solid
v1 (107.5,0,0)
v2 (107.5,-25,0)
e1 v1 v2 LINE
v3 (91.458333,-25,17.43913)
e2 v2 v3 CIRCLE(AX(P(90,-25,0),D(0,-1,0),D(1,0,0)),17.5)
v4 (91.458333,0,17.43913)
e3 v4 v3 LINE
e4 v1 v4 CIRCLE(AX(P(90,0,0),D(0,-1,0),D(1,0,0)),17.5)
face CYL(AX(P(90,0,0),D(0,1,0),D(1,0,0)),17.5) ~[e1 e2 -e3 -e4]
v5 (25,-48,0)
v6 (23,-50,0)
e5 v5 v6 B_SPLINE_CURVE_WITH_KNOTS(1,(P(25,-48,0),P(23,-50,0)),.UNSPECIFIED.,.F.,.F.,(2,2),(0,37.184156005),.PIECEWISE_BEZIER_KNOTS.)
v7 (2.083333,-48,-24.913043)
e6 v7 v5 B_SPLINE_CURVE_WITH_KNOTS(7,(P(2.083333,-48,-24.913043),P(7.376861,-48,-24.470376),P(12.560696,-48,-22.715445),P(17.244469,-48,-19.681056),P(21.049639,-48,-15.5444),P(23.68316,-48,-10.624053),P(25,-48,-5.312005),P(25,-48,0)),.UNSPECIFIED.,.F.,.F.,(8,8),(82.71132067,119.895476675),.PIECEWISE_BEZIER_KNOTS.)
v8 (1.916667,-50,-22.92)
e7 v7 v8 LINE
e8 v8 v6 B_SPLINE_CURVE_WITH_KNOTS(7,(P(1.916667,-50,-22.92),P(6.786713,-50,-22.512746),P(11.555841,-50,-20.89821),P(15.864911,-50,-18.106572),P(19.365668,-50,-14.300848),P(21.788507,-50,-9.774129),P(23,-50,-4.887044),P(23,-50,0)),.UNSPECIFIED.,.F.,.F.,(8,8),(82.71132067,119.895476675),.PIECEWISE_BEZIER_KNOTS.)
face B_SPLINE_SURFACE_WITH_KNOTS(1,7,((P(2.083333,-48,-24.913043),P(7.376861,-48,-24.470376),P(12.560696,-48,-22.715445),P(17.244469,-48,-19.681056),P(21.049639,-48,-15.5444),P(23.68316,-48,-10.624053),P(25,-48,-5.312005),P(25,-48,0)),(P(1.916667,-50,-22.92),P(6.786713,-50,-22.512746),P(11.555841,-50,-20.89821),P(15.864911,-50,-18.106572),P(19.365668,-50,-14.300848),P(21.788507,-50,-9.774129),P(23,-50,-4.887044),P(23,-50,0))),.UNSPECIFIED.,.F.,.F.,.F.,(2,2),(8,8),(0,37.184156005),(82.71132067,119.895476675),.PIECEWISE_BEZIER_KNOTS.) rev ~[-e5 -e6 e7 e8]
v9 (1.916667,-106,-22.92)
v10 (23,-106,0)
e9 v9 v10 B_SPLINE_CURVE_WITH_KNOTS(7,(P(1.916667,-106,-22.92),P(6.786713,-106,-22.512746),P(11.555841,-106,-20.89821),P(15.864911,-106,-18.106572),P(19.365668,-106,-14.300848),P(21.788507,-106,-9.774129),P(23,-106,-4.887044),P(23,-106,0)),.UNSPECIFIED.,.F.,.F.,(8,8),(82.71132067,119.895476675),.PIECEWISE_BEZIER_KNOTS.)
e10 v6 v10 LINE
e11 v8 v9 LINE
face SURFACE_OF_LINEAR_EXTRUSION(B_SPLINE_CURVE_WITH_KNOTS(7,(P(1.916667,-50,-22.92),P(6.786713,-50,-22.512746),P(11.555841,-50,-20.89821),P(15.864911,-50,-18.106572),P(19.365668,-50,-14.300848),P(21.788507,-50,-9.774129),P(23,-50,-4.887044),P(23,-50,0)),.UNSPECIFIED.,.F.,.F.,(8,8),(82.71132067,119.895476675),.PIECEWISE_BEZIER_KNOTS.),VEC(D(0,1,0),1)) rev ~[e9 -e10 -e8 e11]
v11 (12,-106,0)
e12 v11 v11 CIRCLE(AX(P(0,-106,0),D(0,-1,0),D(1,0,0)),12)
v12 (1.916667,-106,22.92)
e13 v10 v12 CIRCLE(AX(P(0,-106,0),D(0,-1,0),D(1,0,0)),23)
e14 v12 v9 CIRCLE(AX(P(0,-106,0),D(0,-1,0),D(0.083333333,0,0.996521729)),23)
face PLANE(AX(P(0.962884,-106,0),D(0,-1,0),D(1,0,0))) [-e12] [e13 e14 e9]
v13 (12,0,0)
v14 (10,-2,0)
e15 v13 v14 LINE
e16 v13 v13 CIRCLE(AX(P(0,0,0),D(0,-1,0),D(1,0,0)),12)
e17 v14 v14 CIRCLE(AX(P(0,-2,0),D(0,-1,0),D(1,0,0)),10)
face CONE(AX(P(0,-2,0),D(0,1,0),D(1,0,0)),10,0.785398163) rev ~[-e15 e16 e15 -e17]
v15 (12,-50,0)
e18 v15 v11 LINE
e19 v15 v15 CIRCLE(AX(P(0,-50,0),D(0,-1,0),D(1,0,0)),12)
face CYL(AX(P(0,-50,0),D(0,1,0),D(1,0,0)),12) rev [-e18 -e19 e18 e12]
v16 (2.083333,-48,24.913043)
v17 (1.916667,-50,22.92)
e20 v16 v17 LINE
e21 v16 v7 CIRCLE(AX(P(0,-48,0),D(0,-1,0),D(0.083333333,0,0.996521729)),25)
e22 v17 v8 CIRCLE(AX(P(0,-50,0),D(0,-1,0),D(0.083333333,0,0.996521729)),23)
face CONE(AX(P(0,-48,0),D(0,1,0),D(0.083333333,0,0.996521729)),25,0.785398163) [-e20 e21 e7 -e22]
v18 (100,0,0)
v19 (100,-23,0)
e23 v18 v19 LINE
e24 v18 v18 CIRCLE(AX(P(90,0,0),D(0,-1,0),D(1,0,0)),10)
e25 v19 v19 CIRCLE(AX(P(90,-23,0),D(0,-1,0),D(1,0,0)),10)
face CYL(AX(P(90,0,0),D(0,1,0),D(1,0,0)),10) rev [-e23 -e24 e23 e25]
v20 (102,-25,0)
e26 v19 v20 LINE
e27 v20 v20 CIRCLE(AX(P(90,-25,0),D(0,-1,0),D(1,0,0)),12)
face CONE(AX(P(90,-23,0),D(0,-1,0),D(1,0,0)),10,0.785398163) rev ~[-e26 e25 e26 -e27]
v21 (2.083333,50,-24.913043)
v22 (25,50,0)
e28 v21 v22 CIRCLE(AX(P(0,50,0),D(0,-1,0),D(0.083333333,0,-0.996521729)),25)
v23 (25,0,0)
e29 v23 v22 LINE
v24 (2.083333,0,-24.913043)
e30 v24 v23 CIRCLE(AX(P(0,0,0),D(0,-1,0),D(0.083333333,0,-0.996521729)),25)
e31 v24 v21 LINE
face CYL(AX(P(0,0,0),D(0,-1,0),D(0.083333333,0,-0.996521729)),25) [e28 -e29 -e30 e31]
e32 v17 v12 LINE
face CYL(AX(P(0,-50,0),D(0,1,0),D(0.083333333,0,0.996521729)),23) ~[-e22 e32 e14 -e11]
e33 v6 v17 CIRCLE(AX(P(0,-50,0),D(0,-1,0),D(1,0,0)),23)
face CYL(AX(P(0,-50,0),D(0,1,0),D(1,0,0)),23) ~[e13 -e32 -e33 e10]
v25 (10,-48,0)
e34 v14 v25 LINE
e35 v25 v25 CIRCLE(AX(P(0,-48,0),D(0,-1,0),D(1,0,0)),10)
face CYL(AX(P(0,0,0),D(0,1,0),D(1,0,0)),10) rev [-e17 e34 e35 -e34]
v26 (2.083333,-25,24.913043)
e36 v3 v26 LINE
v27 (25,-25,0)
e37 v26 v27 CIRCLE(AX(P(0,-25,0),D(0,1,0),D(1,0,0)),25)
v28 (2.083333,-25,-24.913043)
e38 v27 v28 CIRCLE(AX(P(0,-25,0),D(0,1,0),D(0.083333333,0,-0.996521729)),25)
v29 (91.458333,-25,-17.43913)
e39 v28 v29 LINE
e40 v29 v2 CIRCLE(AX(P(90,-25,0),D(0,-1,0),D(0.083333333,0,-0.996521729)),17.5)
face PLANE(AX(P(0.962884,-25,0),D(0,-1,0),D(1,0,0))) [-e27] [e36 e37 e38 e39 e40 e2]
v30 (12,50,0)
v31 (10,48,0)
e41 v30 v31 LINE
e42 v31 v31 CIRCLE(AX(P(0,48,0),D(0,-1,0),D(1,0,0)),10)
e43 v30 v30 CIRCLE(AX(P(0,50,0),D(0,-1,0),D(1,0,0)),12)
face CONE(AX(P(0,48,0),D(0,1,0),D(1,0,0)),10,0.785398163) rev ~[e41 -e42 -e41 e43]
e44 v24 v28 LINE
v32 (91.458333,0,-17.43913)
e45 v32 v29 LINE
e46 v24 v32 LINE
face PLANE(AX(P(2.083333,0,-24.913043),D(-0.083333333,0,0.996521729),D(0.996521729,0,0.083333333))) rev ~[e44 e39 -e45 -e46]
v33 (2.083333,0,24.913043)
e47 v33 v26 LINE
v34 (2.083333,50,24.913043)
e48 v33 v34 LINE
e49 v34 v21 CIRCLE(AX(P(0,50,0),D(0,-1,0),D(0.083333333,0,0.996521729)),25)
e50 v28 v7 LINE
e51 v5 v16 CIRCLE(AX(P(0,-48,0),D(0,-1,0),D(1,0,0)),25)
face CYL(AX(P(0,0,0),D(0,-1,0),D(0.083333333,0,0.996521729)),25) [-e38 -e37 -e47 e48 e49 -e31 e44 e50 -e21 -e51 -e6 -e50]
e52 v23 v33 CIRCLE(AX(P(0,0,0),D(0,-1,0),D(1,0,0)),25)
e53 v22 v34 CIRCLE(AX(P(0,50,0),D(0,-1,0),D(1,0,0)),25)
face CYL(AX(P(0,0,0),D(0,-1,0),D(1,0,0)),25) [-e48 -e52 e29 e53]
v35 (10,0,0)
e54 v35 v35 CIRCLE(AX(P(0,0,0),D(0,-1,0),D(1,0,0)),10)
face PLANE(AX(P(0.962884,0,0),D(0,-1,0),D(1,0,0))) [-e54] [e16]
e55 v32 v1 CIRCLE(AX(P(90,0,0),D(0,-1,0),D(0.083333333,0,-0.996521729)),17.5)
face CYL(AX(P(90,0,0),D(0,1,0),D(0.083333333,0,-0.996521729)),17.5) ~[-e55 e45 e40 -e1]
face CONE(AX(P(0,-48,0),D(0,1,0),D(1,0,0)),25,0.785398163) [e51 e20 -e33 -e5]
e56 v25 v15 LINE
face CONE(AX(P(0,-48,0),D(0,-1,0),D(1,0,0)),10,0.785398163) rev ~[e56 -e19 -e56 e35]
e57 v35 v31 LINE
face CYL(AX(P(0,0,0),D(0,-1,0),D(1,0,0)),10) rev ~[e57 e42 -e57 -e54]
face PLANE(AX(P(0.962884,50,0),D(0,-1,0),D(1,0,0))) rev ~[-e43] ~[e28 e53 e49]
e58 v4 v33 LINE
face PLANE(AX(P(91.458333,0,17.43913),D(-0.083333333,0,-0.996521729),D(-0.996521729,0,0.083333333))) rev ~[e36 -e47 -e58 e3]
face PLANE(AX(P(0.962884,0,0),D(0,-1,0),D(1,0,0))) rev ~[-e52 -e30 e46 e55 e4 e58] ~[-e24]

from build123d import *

# Parameters (mm, degrees)
F0_R     = 10
F1_DEPTH = 25
F2_DEPTH = 50
F3_SIZE  = 2
F4_SIZE  = 2
F5_DEPTH = 50
F6_SIZE  = 2
F7_DEPTH = 56


with BuildPart() as f1:
    # F0 (on Front) → F1 (new body)
    with BuildSketch(Plane.XZ):
        with BuildLine():
            ThreePointArc((2.0833333333, -24.9130432148), (18.3995018048, -16.9250800097), (25, 0))
            ThreePointArc((25, 0), (18.3995018048, 16.9250800097), (2.0833333333, 24.9130432148))
            ThreePointArc((2.0833333333, 24.9130432148), (-25, 0), (2.0833333333, -24.9130432148))
        make_face()
        Circle(F0_R, mode=Mode.SUBTRACT)
        with BuildLine():
            ThreePointArc((2.0833333333, 24.9130432148), (18.3995018048, 16.9250800097), (25, 0))
            ThreePointArc((25, 0), (18.3995018048, -16.9250800097), (2.0833333333, -24.9130432148))
            Line((2.0833333333, -24.9130432148), (91.4583333333, -17.4391302504))
            ThreePointArc((91.4583333333, -17.4391302504), (72.5, 0), (91.4583333333, 17.4391302504))
            Line((91.4583333333, 17.4391302504), (2.0833333333, 24.9130432148))
        make_face()
        with BuildLine():
            ThreePointArc((107.5, 0), (102.8796512634, 11.8475560068), (91.4583333333, 17.4391302504))
            ThreePointArc((91.4583333333, 17.4391302504), (72.5, 0), (91.4583333333, -17.4391302504))
            ThreePointArc((91.4583333333, -17.4391302504), (102.8796512634, -11.8475560068), (107.5, 0))
        make_face()
        with Locations((90, 0)):
            Circle(F0_R, mode=Mode.SUBTRACT)
    extrude(amount=F1_DEPTH)

    # F0 (on Front) → F2 (join)
    with BuildSketch(Plane.XZ):
        with BuildLine():
            ThreePointArc((2.0833333333, -24.9130432148), (18.3995018048, -16.9250800097), (25, 0))
            ThreePointArc((25, 0), (18.3995018048, 16.9250800097), (2.0833333333, 24.9130432148))
            ThreePointArc((2.0833333333, 24.9130432148), (-25, 0), (2.0833333333, -24.9130432148))
        make_face()
        Circle(F0_R, mode=Mode.SUBTRACT)
    extrude(amount=F2_DEPTH)

    # F3
    f3_edges = [f1.edges().sort_by_distance(p)[0] for p in [
        (-2.083333, -50, 24.913043),
        (-10, -50, 0),
        (80, -25, 0),
    ]]
    chamfer(f3_edges, length=F3_SIZE)

    # F4
    f4_edges = [f1.edges().sort_by_distance(p)[0] for p in [
        (-10, 0, 0),
    ]]
    chamfer(f4_edges, length=F4_SIZE)

    # F0 (on Front) → F5 (join)
    with BuildSketch(Plane.XZ):
        with BuildLine():
            ThreePointArc((2.0833333333, -24.9130432148), (18.3995018048, -16.9250800097), (25, 0))
            ThreePointArc((25, 0), (18.3995018048, 16.9250800097), (2.0833333333, 24.9130432148))
            ThreePointArc((2.0833333333, 24.9130432148), (-25, 0), (2.0833333333, -24.9130432148))
        make_face()
        Circle(F0_R, mode=Mode.SUBTRACT)
    extrude(amount=-F5_DEPTH)

    # F6
    f6_edges = [f1.edges().sort_by_distance(p)[0] for p in [
        (-10, 50, 0),
    ]]
    chamfer(f6_edges, length=F6_SIZE)

    # F7 (add): a face of the model
    f7_faces = [f1.faces().sort_by_distance(p)[0] for p in [
        (-1.8624551468, -50, 22.2717242675),
    ]]
    extrude(f7_faces, amount=F7_DEPTH)


solid = f1.part
